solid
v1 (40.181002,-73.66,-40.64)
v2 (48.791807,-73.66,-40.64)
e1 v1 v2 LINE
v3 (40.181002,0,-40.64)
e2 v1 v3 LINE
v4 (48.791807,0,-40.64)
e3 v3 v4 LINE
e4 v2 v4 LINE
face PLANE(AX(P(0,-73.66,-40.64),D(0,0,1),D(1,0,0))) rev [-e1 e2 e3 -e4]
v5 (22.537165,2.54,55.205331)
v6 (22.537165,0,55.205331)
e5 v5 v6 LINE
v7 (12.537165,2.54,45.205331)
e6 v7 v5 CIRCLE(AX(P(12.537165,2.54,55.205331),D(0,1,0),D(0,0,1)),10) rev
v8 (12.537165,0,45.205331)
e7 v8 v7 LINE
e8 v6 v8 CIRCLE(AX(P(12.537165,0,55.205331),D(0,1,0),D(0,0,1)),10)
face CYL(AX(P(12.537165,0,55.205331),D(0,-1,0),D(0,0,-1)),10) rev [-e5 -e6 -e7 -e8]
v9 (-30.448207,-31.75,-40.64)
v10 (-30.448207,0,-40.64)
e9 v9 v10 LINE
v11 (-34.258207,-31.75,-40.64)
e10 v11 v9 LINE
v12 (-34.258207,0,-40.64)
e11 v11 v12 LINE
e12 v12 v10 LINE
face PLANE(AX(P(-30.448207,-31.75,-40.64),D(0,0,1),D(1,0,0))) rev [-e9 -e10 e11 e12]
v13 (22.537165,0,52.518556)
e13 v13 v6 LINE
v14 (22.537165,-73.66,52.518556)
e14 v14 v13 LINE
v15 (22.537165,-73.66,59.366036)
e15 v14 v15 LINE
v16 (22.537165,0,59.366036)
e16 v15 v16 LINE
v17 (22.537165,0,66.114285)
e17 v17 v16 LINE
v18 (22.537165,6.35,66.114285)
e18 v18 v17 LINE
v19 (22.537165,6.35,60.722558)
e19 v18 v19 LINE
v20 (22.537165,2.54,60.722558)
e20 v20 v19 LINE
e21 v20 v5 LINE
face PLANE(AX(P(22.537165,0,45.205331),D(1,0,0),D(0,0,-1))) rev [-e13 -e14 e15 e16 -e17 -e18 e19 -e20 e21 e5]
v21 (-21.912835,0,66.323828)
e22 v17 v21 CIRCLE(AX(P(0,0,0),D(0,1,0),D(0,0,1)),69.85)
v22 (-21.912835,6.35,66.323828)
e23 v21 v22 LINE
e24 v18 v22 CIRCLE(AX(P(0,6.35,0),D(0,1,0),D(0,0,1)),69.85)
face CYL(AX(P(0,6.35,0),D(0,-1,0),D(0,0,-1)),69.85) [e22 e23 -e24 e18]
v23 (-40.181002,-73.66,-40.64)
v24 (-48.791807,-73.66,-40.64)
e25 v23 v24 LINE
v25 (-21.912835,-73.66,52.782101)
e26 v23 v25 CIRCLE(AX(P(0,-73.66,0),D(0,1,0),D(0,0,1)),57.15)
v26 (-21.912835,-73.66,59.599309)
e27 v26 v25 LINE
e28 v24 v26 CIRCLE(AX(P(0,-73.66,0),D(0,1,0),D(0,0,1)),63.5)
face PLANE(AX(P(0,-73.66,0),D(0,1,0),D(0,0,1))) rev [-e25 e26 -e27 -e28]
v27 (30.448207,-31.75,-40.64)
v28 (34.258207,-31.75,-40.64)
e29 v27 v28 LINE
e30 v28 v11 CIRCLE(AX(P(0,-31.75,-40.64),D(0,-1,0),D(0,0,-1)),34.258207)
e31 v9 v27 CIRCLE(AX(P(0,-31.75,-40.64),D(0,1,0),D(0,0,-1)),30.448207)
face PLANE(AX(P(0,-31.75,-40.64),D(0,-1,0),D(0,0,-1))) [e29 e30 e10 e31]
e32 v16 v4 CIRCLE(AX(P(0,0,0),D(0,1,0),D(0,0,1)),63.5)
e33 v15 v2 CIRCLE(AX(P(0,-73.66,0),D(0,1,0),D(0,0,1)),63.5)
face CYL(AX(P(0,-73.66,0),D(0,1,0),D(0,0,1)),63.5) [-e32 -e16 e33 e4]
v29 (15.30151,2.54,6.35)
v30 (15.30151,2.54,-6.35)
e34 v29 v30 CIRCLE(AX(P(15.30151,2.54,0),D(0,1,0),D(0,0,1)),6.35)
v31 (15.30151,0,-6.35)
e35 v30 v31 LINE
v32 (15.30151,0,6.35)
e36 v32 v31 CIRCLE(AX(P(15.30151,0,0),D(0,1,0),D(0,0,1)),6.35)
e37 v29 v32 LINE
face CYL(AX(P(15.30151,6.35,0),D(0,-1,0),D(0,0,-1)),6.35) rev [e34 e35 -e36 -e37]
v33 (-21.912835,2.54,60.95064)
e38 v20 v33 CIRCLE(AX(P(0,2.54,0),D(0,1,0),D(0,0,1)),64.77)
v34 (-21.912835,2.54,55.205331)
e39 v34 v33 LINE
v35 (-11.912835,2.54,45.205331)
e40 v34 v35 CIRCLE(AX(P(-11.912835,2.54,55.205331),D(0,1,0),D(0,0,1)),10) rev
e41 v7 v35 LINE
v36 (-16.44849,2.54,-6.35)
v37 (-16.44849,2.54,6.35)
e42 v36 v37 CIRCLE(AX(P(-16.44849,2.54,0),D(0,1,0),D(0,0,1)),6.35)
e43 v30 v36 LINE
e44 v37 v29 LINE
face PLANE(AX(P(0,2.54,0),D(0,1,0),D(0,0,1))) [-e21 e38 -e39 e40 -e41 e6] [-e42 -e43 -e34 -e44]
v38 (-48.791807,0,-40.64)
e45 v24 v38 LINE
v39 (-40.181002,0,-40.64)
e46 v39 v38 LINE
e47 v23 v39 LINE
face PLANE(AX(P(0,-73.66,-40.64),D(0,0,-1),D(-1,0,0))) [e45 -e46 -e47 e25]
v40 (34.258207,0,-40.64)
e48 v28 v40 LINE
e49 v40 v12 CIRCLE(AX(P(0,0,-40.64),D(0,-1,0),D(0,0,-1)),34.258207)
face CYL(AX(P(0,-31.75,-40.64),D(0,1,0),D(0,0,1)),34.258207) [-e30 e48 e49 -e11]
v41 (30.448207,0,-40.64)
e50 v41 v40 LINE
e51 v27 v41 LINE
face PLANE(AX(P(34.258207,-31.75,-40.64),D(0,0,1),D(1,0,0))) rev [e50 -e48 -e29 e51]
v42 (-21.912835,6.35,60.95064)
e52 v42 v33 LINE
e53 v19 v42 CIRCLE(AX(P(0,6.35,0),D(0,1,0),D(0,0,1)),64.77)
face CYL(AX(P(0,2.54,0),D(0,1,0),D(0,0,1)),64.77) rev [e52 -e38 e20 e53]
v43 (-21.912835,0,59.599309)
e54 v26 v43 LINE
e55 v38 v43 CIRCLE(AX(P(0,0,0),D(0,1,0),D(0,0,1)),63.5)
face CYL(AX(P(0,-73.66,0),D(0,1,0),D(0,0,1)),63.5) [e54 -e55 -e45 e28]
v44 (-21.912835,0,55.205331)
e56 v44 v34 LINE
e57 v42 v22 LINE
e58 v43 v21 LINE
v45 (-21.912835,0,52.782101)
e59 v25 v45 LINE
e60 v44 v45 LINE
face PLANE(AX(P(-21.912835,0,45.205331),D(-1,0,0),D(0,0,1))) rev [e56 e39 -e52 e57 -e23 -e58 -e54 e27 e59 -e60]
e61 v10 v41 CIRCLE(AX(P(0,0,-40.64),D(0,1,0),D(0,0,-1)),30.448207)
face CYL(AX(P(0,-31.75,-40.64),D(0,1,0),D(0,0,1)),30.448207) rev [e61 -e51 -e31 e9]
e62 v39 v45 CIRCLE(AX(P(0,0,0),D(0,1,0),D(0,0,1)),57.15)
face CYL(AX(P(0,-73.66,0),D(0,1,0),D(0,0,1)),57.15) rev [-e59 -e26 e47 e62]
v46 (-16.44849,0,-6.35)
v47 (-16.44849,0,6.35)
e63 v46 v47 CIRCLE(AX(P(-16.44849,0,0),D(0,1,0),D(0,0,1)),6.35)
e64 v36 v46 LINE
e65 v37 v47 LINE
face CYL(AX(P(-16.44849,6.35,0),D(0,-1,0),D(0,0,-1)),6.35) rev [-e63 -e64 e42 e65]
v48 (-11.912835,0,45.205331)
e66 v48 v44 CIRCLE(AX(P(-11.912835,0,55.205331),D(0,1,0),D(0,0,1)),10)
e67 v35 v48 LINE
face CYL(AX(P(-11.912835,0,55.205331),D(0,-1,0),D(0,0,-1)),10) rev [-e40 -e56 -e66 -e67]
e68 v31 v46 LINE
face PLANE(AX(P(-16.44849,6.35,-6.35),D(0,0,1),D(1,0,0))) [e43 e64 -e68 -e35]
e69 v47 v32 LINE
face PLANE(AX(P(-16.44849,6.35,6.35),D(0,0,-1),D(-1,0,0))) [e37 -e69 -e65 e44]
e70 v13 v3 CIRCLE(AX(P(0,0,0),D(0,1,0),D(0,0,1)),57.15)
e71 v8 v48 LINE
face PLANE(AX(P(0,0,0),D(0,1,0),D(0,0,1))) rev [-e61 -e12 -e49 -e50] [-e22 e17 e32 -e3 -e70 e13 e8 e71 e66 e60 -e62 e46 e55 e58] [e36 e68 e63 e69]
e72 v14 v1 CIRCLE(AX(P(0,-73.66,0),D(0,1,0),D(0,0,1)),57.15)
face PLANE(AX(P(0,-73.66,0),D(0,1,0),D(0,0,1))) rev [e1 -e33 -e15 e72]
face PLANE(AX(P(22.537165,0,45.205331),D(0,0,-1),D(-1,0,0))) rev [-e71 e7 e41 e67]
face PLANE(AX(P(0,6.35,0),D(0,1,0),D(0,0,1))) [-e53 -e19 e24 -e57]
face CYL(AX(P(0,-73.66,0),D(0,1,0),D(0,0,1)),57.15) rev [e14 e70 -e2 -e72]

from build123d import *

# Parameters (mm, degrees)
SKETCH3_R           = 69.85
BOSS_EXTRUDE1_DEPTH = 6.35
SKETCH4_R           = 64.77
CUT_EXTRUDE1_DEPTH  = 3.81
SKETCH5_W           = 44.45
SKETCH5_H           = 25.4
CUT_EXTRUDE2_DEPTH  = 7.35
FILLET1_R           = 10
BOSS_EXTRUDE2_DEPTH = 31.75
BOSS_EXTRUDE3_DEPTH = 76.2


with BuildPart() as part:
    # Sketch3 → Boss-Extrude1 (new body)
    with BuildSketch(Plane(origin=(0, 0, 0), x_dir=(1, 0, 0), z_dir=(0, 1, 0))):
        Circle(SKETCH3_R)
        with BuildLine():
            Line((-16.448489627, 6.35), (15.301510373, 6.35))
            ThreePointArc((15.301510373, 6.35), (21.651510373, 0), (15.301510373, -6.35))
            Line((15.301510373, -6.35), (-16.448489627, -6.35))
            ThreePointArc((-16.448489627, -6.35), (-22.798489627, 0), (-16.448489627, 6.35))
        make_face(mode=Mode.SUBTRACT)
    extrude(amount=BOSS_EXTRUDE1_DEPTH)

    # Sketch4 → Cut-Extrude1 (cut)
    with BuildSketch(Plane(origin=(0, 6.35, 0), x_dir=(1, 0, 0), z_dir=(0, 1, 0))):
        Circle(SKETCH4_R)
    extrude(amount=-CUT_EXTRUDE1_DEPTH, mode=Mode.SUBTRACT)

    # Sketch5 → Cut-Extrude2 (cut, through all)
    with BuildSketch(Plane(origin=(0, 6.35, 0), x_dir=(1, 0, 0), z_dir=(0, 1, 0))):
        with Locations((0.312165283, -57.905331129)):
            Rectangle(SKETCH5_W, SKETCH5_H)
    extrude(amount=-CUT_EXTRUDE2_DEPTH, mode=Mode.SUBTRACT)

    # Fillet1
    fillet1_edges = [part.edges().sort_by_distance(p)[0] for p in [
        (22.537165283, 1.27, 45.205331129),
        (-21.912834717, 1.27, 45.205331129),
    ]]
    fillet(fillet1_edges, radius=FILLET1_R)

    # Sketch8 → Boss-Extrude2 (add)
    with BuildSketch(Plane.XZ):
        with BuildLine():
            Line((34.258206884, -40.64), (30.448206884, -40.64))
            ThreePointArc((30.448206884, -40.64), (0, -10.191793116), (-30.448206884, -40.64))
            Line((-30.448206884, -40.64), (-34.258206884, -40.64))
            ThreePointArc((-34.258206884, -40.64), (0, -6.381793116), (34.258206884, -40.64))
        make_face()
    extrude(amount=BOSS_EXTRUDE2_DEPTH)

    # Sketch11 → Boss-Extrude3 (add)
    with BuildSketch(Plane(origin=(0, 2.54, 0), x_dir=(1, 0, 0), z_dir=(0, 1, 0))):
        with BuildLine():
            ThreePointArc((-21.912834717, -52.782100893), (-56.087729184, -10.967640358), (-40.18100173, 40.64))
            Line((-40.18100173, 40.64), (-48.791806689, 40.64))
            ThreePointArc((-48.791806689, 40.64), (-61.333240284, -16.446386725), (-21.912834717, -59.599309347))
            Line((-21.912834717, -59.599309347), (-21.912834717, -55.205331129))
            Line((-21.912834717, -55.205331129), (-21.912834717, -52.782100893))
        make_face()
        with BuildLine():
            Line((48.791806689, 40.64), (40.18100173, 40.64))
            ThreePointArc((40.18100173, 40.64), (56.15176968, -10.634907703), (22.537165283, -52.518555588))
            Line((22.537165283, -52.518555588), (22.537165283, -55.205331129))
            Line((22.537165283, -55.205331129), (22.537165283, -59.366035584))
            ThreePointArc((22.537165283, -59.366035584), (61.418705204, -16.124287613), (48.791806689, 40.64))
        make_face()
    extrude(amount=-BOSS_EXTRUDE3_DEPTH)


solid = part.part
